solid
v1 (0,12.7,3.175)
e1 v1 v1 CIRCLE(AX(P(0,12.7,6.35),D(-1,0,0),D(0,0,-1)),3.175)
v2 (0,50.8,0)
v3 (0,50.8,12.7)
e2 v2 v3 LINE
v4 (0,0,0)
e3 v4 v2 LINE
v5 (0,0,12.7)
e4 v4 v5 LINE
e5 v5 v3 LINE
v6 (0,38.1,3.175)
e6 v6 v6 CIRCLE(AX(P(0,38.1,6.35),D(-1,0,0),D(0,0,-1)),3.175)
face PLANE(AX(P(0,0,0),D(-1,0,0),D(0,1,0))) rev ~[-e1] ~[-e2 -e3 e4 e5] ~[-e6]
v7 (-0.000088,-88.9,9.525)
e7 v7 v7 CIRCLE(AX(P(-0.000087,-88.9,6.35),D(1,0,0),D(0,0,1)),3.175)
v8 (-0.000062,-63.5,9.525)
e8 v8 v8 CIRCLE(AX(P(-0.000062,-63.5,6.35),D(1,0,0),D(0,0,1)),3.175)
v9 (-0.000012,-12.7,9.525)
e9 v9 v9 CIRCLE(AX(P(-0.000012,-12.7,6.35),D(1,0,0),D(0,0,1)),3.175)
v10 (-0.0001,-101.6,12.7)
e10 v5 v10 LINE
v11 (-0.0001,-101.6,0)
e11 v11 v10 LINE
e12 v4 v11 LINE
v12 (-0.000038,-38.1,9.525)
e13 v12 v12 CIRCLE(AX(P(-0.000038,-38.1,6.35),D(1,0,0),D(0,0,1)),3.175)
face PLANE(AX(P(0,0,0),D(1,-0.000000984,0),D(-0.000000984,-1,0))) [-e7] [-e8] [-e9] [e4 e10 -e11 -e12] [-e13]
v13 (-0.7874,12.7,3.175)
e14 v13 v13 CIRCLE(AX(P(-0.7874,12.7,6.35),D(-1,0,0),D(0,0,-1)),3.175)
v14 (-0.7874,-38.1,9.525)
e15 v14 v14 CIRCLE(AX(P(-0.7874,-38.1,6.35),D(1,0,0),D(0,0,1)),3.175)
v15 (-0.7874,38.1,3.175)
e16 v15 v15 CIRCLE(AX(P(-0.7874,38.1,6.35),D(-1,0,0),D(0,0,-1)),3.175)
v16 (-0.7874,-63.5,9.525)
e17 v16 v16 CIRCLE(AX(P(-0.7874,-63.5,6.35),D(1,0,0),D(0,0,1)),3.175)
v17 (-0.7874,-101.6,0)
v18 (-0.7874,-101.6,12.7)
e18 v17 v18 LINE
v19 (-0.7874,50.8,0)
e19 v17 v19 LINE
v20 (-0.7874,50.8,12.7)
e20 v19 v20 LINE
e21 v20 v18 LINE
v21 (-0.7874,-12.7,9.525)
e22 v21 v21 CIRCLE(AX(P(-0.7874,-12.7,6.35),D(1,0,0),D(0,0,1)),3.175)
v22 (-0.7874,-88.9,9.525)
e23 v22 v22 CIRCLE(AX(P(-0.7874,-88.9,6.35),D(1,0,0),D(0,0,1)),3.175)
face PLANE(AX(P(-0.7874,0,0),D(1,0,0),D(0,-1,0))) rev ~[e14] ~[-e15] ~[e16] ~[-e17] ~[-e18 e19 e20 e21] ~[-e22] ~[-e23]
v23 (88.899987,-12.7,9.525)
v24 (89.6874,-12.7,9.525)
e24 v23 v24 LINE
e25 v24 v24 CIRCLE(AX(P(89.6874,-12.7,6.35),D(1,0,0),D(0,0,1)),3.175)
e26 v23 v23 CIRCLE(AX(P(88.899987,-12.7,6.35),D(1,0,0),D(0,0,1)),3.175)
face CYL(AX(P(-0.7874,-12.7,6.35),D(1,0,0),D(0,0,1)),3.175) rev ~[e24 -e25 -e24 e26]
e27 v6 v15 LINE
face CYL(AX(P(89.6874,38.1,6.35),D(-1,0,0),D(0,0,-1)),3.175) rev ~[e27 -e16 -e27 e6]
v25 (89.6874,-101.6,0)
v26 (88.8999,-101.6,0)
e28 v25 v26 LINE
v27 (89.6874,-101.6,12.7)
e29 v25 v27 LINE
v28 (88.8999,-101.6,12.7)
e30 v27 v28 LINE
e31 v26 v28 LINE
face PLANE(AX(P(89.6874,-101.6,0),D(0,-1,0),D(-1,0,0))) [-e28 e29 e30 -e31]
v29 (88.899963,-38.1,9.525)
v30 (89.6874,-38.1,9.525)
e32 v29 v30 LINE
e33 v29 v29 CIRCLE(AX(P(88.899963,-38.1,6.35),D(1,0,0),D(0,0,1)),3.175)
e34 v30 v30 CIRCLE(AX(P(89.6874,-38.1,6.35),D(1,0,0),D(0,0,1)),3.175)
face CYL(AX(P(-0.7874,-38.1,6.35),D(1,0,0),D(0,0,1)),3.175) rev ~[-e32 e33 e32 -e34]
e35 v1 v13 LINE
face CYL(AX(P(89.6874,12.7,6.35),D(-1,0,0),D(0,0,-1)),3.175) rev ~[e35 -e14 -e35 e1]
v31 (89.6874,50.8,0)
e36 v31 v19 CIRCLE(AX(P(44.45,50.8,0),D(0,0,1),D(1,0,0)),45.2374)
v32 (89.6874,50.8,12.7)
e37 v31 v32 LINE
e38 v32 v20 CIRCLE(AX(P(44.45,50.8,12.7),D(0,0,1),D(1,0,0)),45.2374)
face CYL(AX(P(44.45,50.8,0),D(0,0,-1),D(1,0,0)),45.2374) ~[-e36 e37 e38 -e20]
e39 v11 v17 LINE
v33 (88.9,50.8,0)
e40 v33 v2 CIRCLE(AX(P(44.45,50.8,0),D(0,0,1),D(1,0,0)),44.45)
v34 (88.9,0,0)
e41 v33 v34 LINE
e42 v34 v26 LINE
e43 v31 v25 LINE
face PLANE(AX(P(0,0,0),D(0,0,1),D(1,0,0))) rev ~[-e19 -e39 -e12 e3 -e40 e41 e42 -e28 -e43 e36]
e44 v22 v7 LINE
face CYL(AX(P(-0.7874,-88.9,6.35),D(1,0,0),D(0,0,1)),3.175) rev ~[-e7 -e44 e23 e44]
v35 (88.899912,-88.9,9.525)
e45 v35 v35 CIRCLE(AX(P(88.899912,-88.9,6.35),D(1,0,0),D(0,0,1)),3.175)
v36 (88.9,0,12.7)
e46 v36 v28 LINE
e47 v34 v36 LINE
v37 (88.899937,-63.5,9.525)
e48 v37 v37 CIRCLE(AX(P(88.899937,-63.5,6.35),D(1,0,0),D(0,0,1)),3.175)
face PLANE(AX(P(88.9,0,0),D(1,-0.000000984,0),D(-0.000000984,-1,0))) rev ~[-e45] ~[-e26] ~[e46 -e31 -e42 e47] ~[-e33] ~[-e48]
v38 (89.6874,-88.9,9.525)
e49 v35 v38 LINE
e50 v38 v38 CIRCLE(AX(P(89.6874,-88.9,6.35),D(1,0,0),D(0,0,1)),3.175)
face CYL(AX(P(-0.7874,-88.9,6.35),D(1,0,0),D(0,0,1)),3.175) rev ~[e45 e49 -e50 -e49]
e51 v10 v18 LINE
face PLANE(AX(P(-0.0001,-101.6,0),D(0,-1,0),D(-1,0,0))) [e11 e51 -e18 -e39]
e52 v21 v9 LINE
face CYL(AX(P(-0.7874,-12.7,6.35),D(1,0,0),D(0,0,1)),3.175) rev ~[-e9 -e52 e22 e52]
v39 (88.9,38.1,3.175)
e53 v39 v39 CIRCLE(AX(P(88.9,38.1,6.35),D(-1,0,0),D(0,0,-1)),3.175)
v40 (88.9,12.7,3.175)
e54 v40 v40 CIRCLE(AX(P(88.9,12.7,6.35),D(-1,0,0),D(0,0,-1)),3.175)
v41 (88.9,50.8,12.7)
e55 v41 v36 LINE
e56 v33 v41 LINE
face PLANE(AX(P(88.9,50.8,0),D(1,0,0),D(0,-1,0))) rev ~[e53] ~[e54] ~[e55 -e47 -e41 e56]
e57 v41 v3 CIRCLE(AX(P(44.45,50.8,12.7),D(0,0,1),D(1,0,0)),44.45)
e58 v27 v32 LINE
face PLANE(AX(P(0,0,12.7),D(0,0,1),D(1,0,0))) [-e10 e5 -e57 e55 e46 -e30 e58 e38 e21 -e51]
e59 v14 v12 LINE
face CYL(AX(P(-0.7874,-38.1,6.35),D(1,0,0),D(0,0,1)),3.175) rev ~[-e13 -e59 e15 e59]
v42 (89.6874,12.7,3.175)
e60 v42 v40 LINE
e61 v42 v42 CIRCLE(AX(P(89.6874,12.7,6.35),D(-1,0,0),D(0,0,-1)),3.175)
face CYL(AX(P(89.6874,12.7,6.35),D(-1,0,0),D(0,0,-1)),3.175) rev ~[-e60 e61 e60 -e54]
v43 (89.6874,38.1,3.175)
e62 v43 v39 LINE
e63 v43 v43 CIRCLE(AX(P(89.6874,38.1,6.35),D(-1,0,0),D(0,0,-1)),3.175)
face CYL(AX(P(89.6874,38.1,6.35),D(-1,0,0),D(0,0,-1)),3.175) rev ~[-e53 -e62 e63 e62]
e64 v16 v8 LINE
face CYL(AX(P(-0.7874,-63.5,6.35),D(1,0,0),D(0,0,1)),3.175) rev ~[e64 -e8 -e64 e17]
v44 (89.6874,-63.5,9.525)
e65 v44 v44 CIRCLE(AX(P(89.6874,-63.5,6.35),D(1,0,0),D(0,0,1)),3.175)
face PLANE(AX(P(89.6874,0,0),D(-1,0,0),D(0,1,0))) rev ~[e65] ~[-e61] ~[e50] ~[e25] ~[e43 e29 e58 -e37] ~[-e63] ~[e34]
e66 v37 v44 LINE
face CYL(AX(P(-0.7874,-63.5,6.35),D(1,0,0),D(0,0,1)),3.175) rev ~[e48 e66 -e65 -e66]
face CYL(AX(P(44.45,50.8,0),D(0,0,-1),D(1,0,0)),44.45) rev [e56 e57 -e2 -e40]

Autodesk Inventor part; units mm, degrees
ref_plane "YZ Plane" through (0, 0, 0) normal (1, 0, 0) x (0, 1, 0)
ref_plane "XZ Plane" through (0, 0, 0) normal (0, 1, 0) x (-1, 0, 0)
ref_plane "XY Plane" through (0, 0, 0) normal (0, 0, 1) x (1, 0, 0)
sketch "Sketch1" plane through (0, 0, 0) normal (0, 0, 1) x (1, 0, 0)
  line L0 (0, 0) -> (0, 50.8)
  arc A0 (88.9, 50.8) -> (0, 50.8) centre (44.45, 50.8) ccw
  line L1 (88.9, 50.8) -> (88.9, 0)
  line L2 (89.6874, 0) -> (89.6874, 50.8)
  arc A1 (89.6874, 50.8) -> (-0.7874, 50.8) centre (44.45, 50.8) ccw
  line L3 (-0.7874, 50.8) -> (-0.7874, 0)
  line L4 (-0.7874, 50.8) -> (50.0126, 50.8) construction
  line L5 (88.9, 0) -> (88.8999, -101.6)
  line L6 (89.6874, -1.5875) -> (89.6874, -101.6)
  line L7 (89.6874, -101.6) -> (88.8999, -101.6)
  line L8 (-0.7874, 0) -> (-0.7874, -101.6)
  line L9 (0, 0) -> (-0.0001, -101.6)
  line L10 (-0.0001, -101.6) -> (-0.7874, -101.6)
  line L11 (89.6874, 0) -> (89.6874, -1.5875)
  dimension "d1" = 88.9
  dimension "d2" = 44.45
  dimension "d3" = 50.8
  dimension "d5" = 50.8
  dimension "d6" = 90.4748
  dimension "d7" = 45.2374
  dimension "d8" = 50.8
  dimension "d9" = 90
  dimension "d30" = 101.6
  dimension "d32" = 101.6
extrude "Extrusion1" add sketch "Sketch1" along normal blind 12.7
hole "Hole1" at (89.6874, 12.7, 6.35) direction (-1, 0, 0) diameter 6.35 end through all
hole "Hole2" at (89.6874, 38.1, 6.35) direction (-1, 0, 0) diameter 6.35 end through all
sketch "Sketch3" plane through (-0.7874, -101.6, 0) normal (-1, 0, 0) x (0, 0, 1)
  line L0 (0, 101.6) -> (12.7, 101.6) projected
  line L1 (6.35, 101.6) -> (6.35, 88.9)
  line L2 (6.35, 88.9) -> (6.35, 63.5)
  dimension "d36" = 12.7
  dimension "d37" = 25.4
sketch "Sketch4" plane through (-0.7874, 0, 0) normal (-1, 0, 0) x (0, 0, 1)
  circle A0 centre (6.35, 38.1) radius 3.175 projected
  circle A1 centre (6.35, 12.7) radius 3.175 projected
  line L0 (0, 50.8) -> (0, 0) projected
  line L1 (0, 0) -> (12.7, 0) projected
  line L2 (12.7, 50.8) -> (12.7, 0) projected
  line L3 (0, 50.8) -> (12.7, 50.8) projected
  dimension "d34" = 12.7
hole "Hole3" at (-0.7874, -12.7, 6.35) direction (1, 0, 0) diameter 6.35 end through all
sketch "Sketch5" plane through (-0.7874, -101.6, 0) normal (-1, 0, 0) x (0, 0, 1)
  circle A0 centre (6.35, 88.9) radius 3.175 projected
  line L0 (0, 0) -> (12.7, 0) projected
  line L1 (0, 101.6) -> (12.7, 101.6) projected
  line L2 (6.35, 88.9) -> (6.35, 63.5)
  line L3 (6.35, 88.9) -> (31.75, 88.9) construction
  line L4 (6.35, 63.5) -> (6.35, 38.1)
  line L5 (6.35, 38.1) -> (6.35, 12.7)
  dimension "d45" = 25.4
  dimension "d46" = 90
  dimension "d47" = 25.4
  dimension "d48" = 25.4
hole "Hole4" at (-0.7874, -38.1, 6.35) direction (1, 0, 0) diameter 6.35 end through all
sketch "Sketch6" plane through (-0.7874, -101.6, 0) normal (-1, 0, 0) x (0, 0, 1)
  circle A0 centre (6.35, 63.5) radius 3.175 projected
  line L0 (0, 101.6) -> (12.7, 101.6) projected
  line L1 (6.35, 63.5) -> (6.35, 38.1)
  dimension "d56" = 25.4
hole "Hole5" at (-0.7874, -63.5, 6.35) direction (1, 0, 0) diameter 6.35 end through all
sketch "Sketch7" plane through (-0.7874, -101.6, 0) normal (-1, 0, 0) x (0, 0, 1)
  circle A0 centre (6.35, 38.1) radius 3.175 projected
  line L0 (0, 101.6) -> (12.7, 101.6) projected
  line L1 (6.35, 38.1) -> (6.35, 12.7)
  dimension "d64" = 25.4
hole "Hole6" at (-0.7874, -88.9, 6.35) direction (1, 0, 0) diameter 6.35 end through all
properties part number "Strap"
